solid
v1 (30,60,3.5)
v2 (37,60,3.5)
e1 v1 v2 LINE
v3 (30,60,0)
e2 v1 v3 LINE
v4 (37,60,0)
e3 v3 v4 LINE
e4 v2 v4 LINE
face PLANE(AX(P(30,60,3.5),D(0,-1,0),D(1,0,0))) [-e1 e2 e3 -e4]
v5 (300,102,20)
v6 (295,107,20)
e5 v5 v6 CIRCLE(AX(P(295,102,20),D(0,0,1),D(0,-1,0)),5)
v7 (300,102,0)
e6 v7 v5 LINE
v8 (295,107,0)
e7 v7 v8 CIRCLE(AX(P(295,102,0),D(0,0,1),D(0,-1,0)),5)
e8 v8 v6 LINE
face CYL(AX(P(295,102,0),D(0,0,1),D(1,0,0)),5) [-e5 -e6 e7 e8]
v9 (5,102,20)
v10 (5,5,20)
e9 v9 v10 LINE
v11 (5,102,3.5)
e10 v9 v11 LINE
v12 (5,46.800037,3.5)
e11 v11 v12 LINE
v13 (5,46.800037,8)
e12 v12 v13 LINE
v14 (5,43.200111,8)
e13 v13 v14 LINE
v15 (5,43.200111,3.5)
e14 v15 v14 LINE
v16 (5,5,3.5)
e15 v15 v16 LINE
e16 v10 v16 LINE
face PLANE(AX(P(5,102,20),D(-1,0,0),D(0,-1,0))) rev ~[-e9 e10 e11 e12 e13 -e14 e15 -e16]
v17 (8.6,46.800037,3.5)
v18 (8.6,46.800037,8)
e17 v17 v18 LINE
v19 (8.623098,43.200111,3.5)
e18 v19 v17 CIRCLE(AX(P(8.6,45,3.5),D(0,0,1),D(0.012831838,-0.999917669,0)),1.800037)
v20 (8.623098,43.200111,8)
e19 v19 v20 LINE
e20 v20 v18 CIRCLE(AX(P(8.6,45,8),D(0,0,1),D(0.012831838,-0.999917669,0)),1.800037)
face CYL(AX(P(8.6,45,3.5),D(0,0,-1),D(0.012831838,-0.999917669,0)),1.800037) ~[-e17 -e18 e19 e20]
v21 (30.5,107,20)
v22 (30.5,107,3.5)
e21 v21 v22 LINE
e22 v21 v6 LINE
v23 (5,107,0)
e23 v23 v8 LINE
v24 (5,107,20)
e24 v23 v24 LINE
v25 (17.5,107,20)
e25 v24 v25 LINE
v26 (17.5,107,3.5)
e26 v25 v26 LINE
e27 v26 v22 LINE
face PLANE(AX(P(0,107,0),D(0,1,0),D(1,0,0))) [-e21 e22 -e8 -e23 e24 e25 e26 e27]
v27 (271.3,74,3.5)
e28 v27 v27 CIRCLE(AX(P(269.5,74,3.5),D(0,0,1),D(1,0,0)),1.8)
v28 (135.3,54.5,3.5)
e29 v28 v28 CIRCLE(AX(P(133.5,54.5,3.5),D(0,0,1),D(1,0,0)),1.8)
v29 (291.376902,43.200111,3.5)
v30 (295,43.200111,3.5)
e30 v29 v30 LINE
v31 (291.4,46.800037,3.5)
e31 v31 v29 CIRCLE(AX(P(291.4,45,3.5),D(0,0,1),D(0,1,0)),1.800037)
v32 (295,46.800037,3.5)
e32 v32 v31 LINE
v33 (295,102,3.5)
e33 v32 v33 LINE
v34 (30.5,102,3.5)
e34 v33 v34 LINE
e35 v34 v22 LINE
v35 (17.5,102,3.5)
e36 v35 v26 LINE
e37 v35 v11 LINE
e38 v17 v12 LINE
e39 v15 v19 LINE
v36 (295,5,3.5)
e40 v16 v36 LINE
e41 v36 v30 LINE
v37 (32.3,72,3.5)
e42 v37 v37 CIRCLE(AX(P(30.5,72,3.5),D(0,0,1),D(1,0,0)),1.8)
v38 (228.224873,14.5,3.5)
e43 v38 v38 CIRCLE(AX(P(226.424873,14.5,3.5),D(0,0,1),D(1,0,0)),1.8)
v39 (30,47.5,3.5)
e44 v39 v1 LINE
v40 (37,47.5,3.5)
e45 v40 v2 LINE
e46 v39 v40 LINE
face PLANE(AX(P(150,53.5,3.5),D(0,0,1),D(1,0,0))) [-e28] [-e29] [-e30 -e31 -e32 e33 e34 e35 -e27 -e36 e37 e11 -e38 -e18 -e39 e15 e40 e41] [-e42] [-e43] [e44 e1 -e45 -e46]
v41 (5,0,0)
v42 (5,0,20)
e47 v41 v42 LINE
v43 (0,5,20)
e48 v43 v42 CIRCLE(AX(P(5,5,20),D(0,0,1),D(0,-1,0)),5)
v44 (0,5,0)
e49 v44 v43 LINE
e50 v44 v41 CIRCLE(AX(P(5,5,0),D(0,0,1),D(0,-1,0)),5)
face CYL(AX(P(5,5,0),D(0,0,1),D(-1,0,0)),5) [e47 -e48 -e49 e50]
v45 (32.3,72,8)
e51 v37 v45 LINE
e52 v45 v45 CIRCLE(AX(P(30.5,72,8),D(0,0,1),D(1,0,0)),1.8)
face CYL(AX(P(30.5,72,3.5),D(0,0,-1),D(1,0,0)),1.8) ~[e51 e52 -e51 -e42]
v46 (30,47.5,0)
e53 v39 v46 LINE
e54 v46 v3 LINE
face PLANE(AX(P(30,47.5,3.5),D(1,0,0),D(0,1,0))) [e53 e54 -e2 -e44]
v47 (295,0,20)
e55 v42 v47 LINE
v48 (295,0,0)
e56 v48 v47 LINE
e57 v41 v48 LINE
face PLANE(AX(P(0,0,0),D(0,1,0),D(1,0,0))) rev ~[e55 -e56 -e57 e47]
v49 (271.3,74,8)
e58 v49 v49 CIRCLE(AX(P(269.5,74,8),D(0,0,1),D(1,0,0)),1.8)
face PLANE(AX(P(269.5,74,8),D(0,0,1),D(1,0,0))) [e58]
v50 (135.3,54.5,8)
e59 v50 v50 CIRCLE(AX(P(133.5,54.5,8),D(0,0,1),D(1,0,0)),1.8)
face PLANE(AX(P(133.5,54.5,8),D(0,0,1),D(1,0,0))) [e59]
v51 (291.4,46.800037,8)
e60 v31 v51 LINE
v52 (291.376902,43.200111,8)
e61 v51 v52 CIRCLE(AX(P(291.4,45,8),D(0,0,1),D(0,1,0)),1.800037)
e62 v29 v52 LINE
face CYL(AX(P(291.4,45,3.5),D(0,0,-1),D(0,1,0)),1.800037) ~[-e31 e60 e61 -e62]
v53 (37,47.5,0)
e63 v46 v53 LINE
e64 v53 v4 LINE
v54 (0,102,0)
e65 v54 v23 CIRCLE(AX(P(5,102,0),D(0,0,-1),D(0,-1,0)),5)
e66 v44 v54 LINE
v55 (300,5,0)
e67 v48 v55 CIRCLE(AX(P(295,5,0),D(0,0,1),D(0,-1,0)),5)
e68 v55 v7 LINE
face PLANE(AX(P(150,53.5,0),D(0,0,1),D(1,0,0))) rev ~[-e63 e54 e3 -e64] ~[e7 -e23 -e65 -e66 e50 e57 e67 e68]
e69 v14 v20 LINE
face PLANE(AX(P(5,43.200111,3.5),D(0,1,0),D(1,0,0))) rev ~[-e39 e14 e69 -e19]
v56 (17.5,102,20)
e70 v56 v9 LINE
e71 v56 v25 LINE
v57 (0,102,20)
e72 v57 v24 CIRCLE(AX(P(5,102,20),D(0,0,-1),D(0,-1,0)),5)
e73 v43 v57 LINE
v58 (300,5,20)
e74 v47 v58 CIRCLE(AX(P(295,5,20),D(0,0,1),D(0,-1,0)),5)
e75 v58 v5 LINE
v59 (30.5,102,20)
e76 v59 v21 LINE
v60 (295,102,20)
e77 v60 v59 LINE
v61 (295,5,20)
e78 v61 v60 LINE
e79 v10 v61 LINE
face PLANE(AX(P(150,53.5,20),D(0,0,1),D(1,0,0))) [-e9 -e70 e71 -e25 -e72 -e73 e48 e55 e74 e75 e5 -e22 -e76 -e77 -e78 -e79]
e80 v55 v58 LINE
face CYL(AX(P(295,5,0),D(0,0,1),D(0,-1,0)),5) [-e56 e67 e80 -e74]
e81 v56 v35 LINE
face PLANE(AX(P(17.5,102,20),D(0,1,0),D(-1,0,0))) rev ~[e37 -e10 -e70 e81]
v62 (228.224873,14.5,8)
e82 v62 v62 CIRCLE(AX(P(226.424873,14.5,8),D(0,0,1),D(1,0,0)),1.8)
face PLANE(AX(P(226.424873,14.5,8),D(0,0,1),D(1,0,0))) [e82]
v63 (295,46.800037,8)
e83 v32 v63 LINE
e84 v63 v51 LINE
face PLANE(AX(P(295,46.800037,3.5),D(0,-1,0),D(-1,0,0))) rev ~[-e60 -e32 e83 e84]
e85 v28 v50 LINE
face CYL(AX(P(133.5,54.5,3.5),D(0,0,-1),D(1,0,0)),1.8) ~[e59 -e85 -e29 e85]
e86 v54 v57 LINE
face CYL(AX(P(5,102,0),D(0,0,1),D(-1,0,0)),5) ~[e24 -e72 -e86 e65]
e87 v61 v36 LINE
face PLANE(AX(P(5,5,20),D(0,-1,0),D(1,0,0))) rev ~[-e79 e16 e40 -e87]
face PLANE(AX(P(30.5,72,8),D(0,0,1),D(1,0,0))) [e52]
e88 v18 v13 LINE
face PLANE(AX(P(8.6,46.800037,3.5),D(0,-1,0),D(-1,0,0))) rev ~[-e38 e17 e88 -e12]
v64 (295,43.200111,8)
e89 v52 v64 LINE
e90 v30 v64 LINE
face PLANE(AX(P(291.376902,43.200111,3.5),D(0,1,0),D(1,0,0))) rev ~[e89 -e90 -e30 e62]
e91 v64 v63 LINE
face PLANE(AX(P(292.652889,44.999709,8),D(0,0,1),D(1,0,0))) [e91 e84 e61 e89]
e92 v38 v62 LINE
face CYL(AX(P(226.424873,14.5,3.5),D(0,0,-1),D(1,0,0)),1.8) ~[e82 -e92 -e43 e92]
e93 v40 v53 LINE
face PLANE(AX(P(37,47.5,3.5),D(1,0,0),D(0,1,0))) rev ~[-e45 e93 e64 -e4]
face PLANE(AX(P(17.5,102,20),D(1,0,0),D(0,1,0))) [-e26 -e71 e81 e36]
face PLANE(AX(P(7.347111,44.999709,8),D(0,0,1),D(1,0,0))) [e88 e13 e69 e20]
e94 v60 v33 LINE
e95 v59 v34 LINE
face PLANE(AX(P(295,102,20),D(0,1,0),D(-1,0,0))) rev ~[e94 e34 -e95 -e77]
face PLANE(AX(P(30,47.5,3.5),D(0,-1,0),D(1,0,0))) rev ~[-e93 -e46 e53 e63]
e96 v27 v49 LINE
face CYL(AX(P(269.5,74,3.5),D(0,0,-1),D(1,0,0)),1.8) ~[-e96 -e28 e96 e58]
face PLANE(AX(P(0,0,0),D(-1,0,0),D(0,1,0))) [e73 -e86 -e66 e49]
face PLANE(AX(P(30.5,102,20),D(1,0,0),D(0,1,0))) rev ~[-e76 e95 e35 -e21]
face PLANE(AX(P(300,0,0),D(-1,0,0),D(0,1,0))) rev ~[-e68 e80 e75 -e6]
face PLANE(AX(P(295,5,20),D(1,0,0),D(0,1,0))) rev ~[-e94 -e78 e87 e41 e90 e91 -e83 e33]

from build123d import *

# Parameters (mm, degrees)
F0_W     = 300
F0_H     = 107
F1_DEPTH = 20
F2_R     = 5
F3_W     = 13
F3_H     = 5
F4_DEPTH = 16.5
F5_R     = 1.8
F6_DEPTH = 4.5
F7_W     = 7
F7_H     = 12.5
F8_DEPTH = 25


with BuildPart() as f1:
    # F0 (on Top) → F1 (new body)
    with BuildSketch(Plane.XY):
        with Locations((150, 53.5)):
            Rectangle(F0_W, F0_H)
    extrude(amount=F1_DEPTH)

    # F2
    f2_edges = [f1.edges().sort_by_distance(p)[0] for p in [
        (0, 107, 10),
        (0, 0, 10),
        (300, 0, 10),
        (300, 107, 10),
    ]]
    fillet(f2_edges, radius=F2_R)

    # F3 (on face) + F1_face1 (on face) → F4 (cut)
    with BuildSketch(Plane.XY.offset(20)):
        Polygon((17.5, 102), (5, 102), (5, 5), (295, 5), (295, 102), (30.5, 102), align=None)
        with Locations((24, 104.5)):
            Rectangle(F3_W, F3_H)
    with BuildSketch(Plane(origin=(150, 53.5, 0), x_dir=(1, 0, 0), z_dir=(0, 0, -1))):
        with BuildLine():
            Line((-150, 48.5), (-150, -48.5))
            ThreePointArc((-150, -48.5), (-148.5355339059, -52.0355339059), (-145, -53.5))
            Line((-145, -53.5), (145, -53.5))
            ThreePointArc((145, -53.5), (148.5355339059, -52.0355339059), (150, -48.5))
            Line((150, -48.5), (150, 48.5))
            ThreePointArc((150, 48.5), (148.5355339059, 52.0355339059), (145, 53.5))
            Line((145, 53.5), (-145, 53.5))
            ThreePointArc((-145, 53.5), (-148.5355339059, 52.0355339059), (-150, 48.5))
        make_face()
    extrude(amount=-F4_DEPTH, dir=(0, 0, 1), mode=Mode.SUBTRACT)

    # F5 (on face) → F6 (join)
    with BuildSketch(Plane.XY.offset(3.5)):
        with Locations((269.5, 74)):
            Circle(F5_R)
        with Locations((226.4248728752, 14.5)):
            Circle(F5_R)
        with Locations((133.5, 54.5)):
            Circle(F5_R)
        with Locations((30.5, 72)):
            Circle(F5_R)
        with BuildLine():
            Line((8.6, 46.8000370503), (5, 46.8000370503))
            Line((5, 46.8000370503), (5, 43.2001111493))
            Line((5, 43.2001111493), (8.6230977842, 43.2001111493))
            ThreePointArc((8.6230977842, 43.2001111493), (10.4, 45.0115491298), (8.6, 46.8000370503))
        make_face()
        with BuildLine():
            Line((295, 43.2001111493), (295, 46.8000370503))
            Line((295, 46.8000370503), (291.4, 46.8000370503))
            ThreePointArc((291.4, 46.8000370503), (289.6, 45.0115491298), (291.3769022158, 43.2001111493))
            Line((291.3769022158, 43.2001111493), (295, 43.2001111493))
        make_face()
    extrude(amount=F6_DEPTH)

    # F7 (on face) → F8 (cut)
    with BuildSketch(Plane.XY.offset(3.5)):
        with Locations((33.5, 53.75)):
            Rectangle(F7_W, F7_H)
    extrude(amount=-F8_DEPTH, mode=Mode.SUBTRACT)


solid = f1.part
